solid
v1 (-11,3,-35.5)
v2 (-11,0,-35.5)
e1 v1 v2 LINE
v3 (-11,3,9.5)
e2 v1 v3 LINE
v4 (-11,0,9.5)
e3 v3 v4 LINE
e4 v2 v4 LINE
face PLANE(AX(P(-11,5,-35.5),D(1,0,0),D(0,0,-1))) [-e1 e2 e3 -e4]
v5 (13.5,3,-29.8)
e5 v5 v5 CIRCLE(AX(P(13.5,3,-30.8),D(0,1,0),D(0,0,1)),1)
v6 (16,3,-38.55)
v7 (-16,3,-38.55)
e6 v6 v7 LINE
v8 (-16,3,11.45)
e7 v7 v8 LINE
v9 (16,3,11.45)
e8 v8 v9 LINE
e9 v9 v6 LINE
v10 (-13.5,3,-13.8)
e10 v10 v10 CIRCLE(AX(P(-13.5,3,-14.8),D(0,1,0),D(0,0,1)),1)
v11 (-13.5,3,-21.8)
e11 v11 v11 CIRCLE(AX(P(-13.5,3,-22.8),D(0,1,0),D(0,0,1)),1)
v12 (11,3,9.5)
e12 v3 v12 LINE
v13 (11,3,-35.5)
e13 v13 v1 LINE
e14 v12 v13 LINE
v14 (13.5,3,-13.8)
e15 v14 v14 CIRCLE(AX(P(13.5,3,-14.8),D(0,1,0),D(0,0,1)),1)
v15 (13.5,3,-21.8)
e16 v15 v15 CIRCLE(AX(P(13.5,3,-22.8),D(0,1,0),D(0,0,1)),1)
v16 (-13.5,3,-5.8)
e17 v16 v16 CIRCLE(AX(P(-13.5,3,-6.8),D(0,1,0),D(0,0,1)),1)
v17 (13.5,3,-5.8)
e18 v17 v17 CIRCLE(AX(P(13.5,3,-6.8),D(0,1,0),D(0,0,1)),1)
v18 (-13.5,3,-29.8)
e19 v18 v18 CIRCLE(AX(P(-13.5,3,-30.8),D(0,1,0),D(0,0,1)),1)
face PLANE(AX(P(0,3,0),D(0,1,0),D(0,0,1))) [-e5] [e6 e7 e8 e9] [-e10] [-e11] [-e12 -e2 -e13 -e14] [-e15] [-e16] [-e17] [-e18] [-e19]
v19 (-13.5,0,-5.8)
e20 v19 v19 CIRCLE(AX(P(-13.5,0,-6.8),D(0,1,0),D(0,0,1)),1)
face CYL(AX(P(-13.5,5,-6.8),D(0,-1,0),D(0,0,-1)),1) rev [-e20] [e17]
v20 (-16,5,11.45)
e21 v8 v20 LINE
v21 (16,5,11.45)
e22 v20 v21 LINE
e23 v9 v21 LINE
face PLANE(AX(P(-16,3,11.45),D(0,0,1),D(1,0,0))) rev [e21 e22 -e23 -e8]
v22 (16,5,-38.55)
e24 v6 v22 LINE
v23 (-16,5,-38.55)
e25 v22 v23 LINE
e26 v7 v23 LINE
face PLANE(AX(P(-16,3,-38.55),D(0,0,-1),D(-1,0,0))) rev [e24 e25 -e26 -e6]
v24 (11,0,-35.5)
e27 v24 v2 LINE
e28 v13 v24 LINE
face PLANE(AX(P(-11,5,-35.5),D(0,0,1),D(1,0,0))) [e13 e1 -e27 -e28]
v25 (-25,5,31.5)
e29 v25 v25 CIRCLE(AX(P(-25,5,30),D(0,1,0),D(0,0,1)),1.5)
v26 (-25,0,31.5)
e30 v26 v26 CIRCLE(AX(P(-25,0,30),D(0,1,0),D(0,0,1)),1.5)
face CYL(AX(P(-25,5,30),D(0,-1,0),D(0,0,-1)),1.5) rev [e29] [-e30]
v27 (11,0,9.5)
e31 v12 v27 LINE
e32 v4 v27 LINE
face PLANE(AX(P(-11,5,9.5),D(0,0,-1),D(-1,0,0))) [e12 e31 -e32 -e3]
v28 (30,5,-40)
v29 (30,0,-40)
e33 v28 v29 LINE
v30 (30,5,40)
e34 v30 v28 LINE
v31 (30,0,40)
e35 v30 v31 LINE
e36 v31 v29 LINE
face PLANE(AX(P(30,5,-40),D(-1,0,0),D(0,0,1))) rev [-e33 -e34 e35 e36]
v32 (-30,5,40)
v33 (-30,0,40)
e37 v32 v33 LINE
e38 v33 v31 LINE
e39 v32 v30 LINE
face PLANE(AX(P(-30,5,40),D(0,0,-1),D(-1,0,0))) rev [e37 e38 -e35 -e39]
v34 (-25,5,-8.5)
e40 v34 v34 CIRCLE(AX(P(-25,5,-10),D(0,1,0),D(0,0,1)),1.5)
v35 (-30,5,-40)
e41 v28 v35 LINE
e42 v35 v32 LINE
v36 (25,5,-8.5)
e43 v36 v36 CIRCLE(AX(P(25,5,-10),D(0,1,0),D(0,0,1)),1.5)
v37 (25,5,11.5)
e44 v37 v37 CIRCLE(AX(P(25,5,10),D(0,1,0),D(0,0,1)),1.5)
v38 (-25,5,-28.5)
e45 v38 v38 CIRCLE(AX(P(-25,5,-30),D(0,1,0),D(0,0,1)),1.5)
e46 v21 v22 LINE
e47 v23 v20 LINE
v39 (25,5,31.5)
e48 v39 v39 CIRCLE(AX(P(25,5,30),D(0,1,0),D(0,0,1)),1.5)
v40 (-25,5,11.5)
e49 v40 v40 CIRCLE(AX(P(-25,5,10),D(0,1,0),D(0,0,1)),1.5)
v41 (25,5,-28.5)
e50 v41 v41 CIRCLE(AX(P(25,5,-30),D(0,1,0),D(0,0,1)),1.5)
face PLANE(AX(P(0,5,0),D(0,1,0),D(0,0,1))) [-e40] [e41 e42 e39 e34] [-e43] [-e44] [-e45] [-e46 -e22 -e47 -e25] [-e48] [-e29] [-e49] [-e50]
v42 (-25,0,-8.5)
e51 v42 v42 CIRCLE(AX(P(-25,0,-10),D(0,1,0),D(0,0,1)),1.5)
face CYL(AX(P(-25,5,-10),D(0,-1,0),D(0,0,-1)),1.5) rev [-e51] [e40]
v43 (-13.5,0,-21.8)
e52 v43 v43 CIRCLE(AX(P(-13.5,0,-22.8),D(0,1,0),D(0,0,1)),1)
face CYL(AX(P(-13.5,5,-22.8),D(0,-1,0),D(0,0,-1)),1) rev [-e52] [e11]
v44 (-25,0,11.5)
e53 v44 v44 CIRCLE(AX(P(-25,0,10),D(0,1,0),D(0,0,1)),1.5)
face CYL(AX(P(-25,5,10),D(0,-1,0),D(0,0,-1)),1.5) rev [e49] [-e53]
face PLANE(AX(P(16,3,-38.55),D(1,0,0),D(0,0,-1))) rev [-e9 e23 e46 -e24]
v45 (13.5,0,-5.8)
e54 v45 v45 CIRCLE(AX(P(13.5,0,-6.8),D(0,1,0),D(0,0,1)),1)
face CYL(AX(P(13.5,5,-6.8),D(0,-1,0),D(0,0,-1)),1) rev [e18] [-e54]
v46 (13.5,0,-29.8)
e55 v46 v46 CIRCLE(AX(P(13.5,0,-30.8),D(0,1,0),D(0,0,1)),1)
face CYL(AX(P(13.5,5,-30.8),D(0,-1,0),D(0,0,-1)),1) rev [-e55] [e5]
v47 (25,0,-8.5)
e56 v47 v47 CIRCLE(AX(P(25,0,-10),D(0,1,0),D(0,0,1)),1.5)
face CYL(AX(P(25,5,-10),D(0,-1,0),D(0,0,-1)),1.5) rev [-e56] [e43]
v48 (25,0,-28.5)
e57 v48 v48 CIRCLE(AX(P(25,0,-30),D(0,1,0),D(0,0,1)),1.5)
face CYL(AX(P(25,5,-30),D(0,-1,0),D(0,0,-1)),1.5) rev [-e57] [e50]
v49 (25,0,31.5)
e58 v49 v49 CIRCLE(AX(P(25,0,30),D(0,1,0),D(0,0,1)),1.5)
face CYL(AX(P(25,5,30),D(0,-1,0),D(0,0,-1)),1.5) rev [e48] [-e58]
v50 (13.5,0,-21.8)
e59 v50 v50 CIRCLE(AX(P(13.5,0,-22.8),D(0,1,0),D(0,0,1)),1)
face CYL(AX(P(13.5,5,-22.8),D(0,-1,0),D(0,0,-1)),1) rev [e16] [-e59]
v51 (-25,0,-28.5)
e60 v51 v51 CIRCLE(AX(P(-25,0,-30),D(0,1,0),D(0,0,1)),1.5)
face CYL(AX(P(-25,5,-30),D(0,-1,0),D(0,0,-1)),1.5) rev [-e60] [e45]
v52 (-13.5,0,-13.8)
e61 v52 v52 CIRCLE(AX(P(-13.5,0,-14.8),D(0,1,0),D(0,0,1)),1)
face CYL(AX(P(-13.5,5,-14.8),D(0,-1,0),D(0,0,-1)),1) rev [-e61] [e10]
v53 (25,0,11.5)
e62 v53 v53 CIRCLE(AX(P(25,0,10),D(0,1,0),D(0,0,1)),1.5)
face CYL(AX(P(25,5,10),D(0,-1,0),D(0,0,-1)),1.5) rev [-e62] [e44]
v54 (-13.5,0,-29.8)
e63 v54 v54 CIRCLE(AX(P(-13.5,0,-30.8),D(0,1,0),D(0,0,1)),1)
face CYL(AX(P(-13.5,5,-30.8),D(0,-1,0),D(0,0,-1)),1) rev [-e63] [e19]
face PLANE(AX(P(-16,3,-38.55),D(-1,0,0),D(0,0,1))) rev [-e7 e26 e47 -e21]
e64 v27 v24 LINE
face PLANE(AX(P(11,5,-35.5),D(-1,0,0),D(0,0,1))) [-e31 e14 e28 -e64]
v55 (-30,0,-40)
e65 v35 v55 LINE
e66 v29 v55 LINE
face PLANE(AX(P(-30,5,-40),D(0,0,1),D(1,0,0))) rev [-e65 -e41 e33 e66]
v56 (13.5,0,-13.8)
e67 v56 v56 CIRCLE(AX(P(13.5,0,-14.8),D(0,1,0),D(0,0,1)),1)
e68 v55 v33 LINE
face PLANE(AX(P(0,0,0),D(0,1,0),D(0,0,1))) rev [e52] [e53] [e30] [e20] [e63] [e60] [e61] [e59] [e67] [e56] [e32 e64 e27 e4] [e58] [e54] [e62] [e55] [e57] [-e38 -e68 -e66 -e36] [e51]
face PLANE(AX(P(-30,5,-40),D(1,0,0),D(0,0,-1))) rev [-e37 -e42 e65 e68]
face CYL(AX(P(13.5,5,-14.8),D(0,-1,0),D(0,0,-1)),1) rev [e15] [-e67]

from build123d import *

# Parameters (mm, degrees)
SKETCH3_W           = 60
SKETCH3_H           = 80
SKETCH3_R           = 1
SKETCH3_R_2         = 1.5
SKETCH3_W_2         = 22
SKETCH3_H_2         = 45
BOSS_EXTRUDE1_DEPTH = 5
SKETCH4_W           = 32
SKETCH4_H           = 50
CUT_EXTRUDE1_DEPTH  = 2


with BuildPart() as part:
    # Sketch3 → Boss-Extrude1 (new body)
    with BuildSketch(Plane(origin=(0, 0, 0), x_dir=(1, 0, 0), z_dir=(0, 1, 0))):
        Rectangle(SKETCH3_W, SKETCH3_H)
        with Locations(Location((-13.5, 22.8, 0), (0, 0, 270))):
            Circle(SKETCH3_R, mode=Mode.SUBTRACT)
        with Locations(Location((13.5, 22.8, 0), (0, 0, 270))):
            Circle(SKETCH3_R, mode=Mode.SUBTRACT)
        with Locations(Location((-13.5, 14.8, 0), (0, 0, 270))):
            Circle(SKETCH3_R, mode=Mode.SUBTRACT)
        with Locations(Location((-13.5, 6.8, 0), (0, 0, 270))):
            Circle(SKETCH3_R, mode=Mode.SUBTRACT)
        with Locations(Location((13.5, 14.8, 0), (0, 0, 270))):
            Circle(SKETCH3_R, mode=Mode.SUBTRACT)
        with Locations(Location((13.5, 6.8, 0), (0, 0, 270))):
            Circle(SKETCH3_R, mode=Mode.SUBTRACT)
        with Locations(Location((-13.5, 30.8, 0), (0, 0, 270))):
            Circle(SKETCH3_R, mode=Mode.SUBTRACT)
        with Locations(Location((13.5, 30.8, 0), (0, 0, 270))):
            Circle(SKETCH3_R, mode=Mode.SUBTRACT)
        with Locations(Location((-25, 30, 0), (0, 0, 270))):
            Circle(SKETCH3_R_2, mode=Mode.SUBTRACT)
        with Locations(Location((25, 30, 0), (0, 0, 270))):
            Circle(SKETCH3_R_2, mode=Mode.SUBTRACT)
        with Locations(Location((-25, 10, 0), (0, 0, 270))):
            Circle(SKETCH3_R_2, mode=Mode.SUBTRACT)
        with Locations(Location((-25, -10, 0), (0, 0, 270))):
            Circle(SKETCH3_R_2, mode=Mode.SUBTRACT)
        with Locations(Location((-25, -30, 0), (0, 0, 270))):
            Circle(SKETCH3_R_2, mode=Mode.SUBTRACT)
        with Locations(Location((25, 10, 0), (0, 0, 270))):
            Circle(SKETCH3_R_2, mode=Mode.SUBTRACT)
        with Locations(Location((25, -10, 0), (0, 0, 270))):
            Circle(SKETCH3_R_2, mode=Mode.SUBTRACT)
        with Locations(Location((25, -30, 0), (0, 0, 270))):
            Circle(SKETCH3_R_2, mode=Mode.SUBTRACT)
        with Locations((0, 13)):
            Rectangle(SKETCH3_W_2, SKETCH3_H_2, mode=Mode.SUBTRACT)
    extrude(amount=BOSS_EXTRUDE1_DEPTH)

    # Sketch4 → Cut-Extrude1 (cut)
    with BuildSketch(Plane(origin=(0, 5, 0), x_dir=(1, 0, 0), z_dir=(0, 1, 0))):
        with Locations((0, 13.55)):
            Rectangle(SKETCH4_W, SKETCH4_H)
    extrude(amount=-CUT_EXTRUDE1_DEPTH, mode=Mode.SUBTRACT)


solid = part.part
